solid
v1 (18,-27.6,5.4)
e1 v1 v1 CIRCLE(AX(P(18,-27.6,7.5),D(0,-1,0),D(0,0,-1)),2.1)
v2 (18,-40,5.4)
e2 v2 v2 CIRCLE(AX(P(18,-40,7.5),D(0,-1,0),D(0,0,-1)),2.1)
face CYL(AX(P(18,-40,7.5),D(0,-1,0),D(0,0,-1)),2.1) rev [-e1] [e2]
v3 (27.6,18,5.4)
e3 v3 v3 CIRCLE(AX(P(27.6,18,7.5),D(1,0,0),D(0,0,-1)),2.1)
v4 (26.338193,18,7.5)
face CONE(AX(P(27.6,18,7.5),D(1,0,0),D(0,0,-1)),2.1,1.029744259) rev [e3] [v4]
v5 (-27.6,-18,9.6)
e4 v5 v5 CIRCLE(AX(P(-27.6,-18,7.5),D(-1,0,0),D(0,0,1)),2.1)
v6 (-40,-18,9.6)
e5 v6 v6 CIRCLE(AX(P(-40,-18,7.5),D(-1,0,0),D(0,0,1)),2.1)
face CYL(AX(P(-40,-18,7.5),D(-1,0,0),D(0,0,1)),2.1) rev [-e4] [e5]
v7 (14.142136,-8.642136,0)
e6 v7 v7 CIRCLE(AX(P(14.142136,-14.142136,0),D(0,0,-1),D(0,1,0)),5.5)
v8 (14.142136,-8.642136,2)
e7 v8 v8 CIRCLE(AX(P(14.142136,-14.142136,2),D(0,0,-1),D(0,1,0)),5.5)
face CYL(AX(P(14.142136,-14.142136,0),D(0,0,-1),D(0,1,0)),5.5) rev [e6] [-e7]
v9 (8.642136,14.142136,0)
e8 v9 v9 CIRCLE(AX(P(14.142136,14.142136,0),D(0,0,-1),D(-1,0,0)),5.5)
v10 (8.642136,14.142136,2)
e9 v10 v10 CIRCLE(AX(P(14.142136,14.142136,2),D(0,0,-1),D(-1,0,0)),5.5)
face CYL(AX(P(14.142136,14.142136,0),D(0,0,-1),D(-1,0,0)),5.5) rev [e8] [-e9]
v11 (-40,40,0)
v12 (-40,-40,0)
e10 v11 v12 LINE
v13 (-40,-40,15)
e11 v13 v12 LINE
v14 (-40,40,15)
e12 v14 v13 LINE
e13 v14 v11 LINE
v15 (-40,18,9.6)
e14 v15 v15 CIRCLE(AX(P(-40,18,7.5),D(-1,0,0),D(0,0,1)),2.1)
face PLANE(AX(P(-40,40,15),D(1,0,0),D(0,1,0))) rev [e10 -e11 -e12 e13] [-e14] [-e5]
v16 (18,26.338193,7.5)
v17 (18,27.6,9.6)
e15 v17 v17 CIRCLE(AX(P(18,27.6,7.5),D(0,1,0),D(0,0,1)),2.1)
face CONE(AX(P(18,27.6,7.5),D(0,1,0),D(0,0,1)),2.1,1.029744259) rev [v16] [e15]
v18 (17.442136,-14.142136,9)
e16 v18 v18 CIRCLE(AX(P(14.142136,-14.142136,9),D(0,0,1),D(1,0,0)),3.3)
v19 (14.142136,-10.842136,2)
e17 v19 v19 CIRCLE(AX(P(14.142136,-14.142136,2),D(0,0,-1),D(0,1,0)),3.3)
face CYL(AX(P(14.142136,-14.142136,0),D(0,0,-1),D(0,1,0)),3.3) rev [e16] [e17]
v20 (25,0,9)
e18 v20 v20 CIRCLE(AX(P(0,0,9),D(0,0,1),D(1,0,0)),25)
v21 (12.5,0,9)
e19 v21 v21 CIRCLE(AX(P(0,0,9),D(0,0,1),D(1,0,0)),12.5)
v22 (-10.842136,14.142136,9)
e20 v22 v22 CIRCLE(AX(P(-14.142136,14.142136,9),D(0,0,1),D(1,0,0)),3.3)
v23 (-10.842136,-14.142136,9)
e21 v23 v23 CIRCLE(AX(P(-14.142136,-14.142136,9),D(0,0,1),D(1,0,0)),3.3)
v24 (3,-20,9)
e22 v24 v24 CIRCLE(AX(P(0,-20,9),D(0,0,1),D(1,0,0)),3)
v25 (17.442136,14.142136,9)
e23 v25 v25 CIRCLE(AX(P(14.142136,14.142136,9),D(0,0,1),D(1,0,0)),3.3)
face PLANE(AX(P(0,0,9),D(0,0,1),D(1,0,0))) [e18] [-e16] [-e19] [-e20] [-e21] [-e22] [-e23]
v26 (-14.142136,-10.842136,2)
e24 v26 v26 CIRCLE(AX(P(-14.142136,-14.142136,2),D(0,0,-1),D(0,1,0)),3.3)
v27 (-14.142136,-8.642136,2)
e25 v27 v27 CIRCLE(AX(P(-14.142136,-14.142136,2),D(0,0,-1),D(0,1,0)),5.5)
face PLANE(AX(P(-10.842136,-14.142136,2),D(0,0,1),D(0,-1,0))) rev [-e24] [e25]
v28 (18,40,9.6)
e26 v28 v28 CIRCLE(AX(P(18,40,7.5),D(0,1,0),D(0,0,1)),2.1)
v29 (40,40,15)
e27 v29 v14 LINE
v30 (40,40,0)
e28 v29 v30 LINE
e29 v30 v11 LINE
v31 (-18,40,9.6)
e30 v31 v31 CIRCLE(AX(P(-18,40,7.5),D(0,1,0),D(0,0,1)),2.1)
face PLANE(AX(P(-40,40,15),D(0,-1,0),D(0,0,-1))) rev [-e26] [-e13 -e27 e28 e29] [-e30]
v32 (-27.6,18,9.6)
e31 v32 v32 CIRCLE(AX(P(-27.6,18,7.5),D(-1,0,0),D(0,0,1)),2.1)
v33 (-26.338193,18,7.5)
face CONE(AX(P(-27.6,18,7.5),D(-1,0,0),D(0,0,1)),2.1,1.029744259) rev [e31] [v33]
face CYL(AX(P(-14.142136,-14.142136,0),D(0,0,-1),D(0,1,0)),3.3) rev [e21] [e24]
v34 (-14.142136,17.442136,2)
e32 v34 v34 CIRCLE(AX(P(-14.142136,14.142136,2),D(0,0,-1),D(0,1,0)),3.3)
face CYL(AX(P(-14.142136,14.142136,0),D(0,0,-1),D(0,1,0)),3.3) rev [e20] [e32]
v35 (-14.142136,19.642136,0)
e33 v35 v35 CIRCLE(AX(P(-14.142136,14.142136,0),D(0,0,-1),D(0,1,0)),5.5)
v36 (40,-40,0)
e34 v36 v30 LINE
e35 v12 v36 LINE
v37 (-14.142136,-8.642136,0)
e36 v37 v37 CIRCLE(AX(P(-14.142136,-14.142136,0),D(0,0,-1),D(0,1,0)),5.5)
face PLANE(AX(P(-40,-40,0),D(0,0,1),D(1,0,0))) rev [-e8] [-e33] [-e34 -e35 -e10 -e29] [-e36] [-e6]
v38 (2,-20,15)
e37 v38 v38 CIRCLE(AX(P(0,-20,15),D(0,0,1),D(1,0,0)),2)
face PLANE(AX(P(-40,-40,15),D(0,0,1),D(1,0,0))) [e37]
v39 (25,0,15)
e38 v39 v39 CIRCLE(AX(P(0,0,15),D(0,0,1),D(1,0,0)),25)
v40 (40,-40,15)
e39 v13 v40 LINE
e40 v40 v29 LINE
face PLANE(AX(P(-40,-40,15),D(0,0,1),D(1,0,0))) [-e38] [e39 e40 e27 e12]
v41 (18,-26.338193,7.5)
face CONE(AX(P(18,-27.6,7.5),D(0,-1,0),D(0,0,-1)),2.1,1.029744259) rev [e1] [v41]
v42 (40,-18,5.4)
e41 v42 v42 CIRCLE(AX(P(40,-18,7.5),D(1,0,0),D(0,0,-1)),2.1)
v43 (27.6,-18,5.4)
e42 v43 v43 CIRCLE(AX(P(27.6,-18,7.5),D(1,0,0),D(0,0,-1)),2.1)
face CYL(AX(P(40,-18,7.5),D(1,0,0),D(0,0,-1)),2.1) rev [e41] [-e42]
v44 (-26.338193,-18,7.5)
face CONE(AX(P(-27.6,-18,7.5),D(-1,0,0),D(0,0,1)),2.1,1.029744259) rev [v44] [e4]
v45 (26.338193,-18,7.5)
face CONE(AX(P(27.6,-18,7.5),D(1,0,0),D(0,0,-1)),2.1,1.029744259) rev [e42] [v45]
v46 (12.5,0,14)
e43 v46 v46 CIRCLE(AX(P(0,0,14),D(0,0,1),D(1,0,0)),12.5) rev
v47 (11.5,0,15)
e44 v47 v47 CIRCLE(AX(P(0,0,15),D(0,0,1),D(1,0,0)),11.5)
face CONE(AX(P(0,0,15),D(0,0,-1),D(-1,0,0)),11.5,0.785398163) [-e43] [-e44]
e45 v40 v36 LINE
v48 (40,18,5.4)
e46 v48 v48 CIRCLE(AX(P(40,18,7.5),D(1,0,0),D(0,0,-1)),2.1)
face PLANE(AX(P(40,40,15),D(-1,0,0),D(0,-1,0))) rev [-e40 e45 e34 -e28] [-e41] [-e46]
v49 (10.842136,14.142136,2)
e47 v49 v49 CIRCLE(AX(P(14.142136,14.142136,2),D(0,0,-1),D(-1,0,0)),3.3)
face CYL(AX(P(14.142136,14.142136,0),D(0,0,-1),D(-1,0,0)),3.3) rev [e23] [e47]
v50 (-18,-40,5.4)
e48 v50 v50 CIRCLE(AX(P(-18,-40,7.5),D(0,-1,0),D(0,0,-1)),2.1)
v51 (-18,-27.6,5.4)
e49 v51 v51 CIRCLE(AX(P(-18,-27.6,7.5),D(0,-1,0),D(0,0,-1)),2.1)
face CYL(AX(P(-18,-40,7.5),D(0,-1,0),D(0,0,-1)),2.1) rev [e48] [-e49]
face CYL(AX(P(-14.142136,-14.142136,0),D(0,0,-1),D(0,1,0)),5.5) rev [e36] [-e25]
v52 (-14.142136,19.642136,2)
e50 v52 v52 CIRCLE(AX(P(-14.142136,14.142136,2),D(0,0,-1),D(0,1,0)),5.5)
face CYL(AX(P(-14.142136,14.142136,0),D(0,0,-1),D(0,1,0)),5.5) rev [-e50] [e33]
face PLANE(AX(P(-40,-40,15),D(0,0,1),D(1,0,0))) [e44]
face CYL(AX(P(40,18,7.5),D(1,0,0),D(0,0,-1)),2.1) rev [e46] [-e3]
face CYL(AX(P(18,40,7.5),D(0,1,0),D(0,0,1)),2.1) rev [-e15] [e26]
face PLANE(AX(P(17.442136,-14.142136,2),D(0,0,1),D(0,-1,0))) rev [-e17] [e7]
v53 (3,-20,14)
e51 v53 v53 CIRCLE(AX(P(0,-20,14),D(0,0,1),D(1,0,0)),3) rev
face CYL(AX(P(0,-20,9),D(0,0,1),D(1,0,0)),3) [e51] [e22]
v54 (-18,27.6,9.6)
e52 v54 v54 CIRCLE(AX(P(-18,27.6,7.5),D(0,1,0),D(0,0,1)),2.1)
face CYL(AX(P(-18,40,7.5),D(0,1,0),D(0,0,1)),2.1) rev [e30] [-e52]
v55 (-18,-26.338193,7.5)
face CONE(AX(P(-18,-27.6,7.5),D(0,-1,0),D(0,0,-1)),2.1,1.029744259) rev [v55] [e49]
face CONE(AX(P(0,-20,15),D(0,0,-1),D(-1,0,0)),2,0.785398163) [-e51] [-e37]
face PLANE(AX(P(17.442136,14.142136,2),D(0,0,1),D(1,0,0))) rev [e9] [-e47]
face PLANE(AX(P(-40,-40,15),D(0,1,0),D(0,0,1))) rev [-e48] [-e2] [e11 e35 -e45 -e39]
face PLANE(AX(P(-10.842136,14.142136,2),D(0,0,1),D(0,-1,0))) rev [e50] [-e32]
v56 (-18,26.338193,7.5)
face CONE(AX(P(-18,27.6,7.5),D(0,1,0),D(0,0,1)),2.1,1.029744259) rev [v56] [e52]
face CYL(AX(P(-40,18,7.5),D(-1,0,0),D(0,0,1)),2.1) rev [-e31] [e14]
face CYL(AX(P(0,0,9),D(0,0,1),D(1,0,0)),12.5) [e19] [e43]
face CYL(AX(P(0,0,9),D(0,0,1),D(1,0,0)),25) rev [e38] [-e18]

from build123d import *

# Parameters (mm, degrees)
SKETCH6_W                                           = 80
SKETCH6_H                                           = 80
EXTRUDE2_DEPTH                                      = 15
SKETCH7_R                                           = 25
SKETCH7_R_2                                         = 12.5
SKETCH7_R_3                                         = 3
EXTRUDE3_DEPTH                                      = 6
CBORE_FOR_M6_HEX_SOCKET_HEAD_CAP_SCREW1_D           = 6.6
CBORE_FOR_M6_HEX_SOCKET_HEAD_CAP_SCREW1_DEPTH       = 9.001
CBORE_FOR_M6_HEX_SOCKET_HEAD_CAP_SCREW1_CBORE_D     = 11
CBORE_FOR_M6_HEX_SOCKET_HEAD_CAP_SCREW1_CBORE_DEPTH = 2
CIRPATTERN1_COUNT                                   = 4
CHAMFER1_SIZE                                       = 1
M5_TAPPED_HOLE2_AT_2_COUNT                          = 2
M5_TAPPED_HOLE2_AT_2_PITCH                          = 36


with BuildPart() as part:
    # Sketch6 → Extrude2 (new body)
    with BuildSketch(Plane.XY):
        Rectangle(SKETCH6_W, SKETCH6_H)
    extrude(amount=EXTRUDE2_DEPTH)

    # Sketch7 → Extrude3 (cut)
    with BuildSketch(Plane.XY.offset(15)):
        Circle(SKETCH7_R)
        Circle(SKETCH7_R_2, mode=Mode.SUBTRACT)
        with Locations((0, -20)):
            Circle(SKETCH7_R_3, mode=Mode.SUBTRACT)
    extrude(amount=-EXTRUDE3_DEPTH, mode=Mode.SUBTRACT)

    # CBORE for M6 Hex Socket Head Cap Screw1
    with Locations(Plane(origin=(14.142135624, 14.142135624, 0), x_dir=(-1, 0, 0), z_dir=(0, 0, -1))):
        with Locations((0, 0)):
            cbore_for_m6_hex_socket_head_cap_screw1 = CounterBoreHole(CBORE_FOR_M6_HEX_SOCKET_HEAD_CAP_SCREW1_D / 2, CBORE_FOR_M6_HEX_SOCKET_HEAD_CAP_SCREW1_CBORE_D / 2, CBORE_FOR_M6_HEX_SOCKET_HEAD_CAP_SCREW1_CBORE_DEPTH, depth=CBORE_FOR_M6_HEX_SOCKET_HEAD_CAP_SCREW1_DEPTH)

    # CirPattern1: CBORE for M6 Hex Socket Head Cap Screw1 ×4 about axis
    cirpattern1_axis = Axis((0, 0, 0), (0, 0, 1))
    for i in range(1, CIRPATTERN1_COUNT):
        add(cbore_for_m6_hex_socket_head_cap_screw1.rotate(cirpattern1_axis, i * 360 / CIRPATTERN1_COUNT), mode=Mode.SUBTRACT)

    # Chamfer1
    chamfer1_edges = [part.edges().sort_by_distance(p)[0] for p in [
        (-12.5, 0, 15),
        (-3, -20, 15),
    ]]
    chamfer(chamfer1_edges, length=CHAMFER1_SIZE)

    # Sketch11 → M5 Tapped Hole1 (revolve, cut)
    with BuildSketch(Plane(origin=(40, -18, 7.5), x_dir=(0, 0, -1), z_dir=(0, 1, 0))):
        Polygon((0, 0), (0, 13.6618073), (2.1, 12.4), (2.1, 0), align=None)
    m5_tapped_hole1 = revolve(axis=Axis((46.35, -18, 7.5), (-1, 0, 0)), mode=Mode.SUBTRACT)

    # Sketch13 → M5 Tapped Hole2 (revolve, cut)
    with BuildSketch(Plane(origin=(18, -40, 7.5), x_dir=(0, 0, -1), z_dir=(1, 0, 0))):
        Polygon((0, 0), (0, 13.6618073), (2.1, 12.4), (2.1, 0), align=None)
    m5_tapped_hole2 = revolve(axis=Axis((18, -46.35, 7.5), (0, 1, 0)), mode=Mode.SUBTRACT)

    # M5 Tapped Hole2 at 2: M5 Tapped Hole2 ×2
    with Locations(*[(-i * M5_TAPPED_HOLE2_AT_2_PITCH, 0, 0) for i in range(1, M5_TAPPED_HOLE2_AT_2_COUNT)]):
        add(m5_tapped_hole2, mode=Mode.SUBTRACT)

    # Mirror1: M5 Tapped Hole1 across plane
    add(m5_tapped_hole1.mirror(Plane(origin=(0, 0, 0), x_dir=(0, 0, 1), z_dir=(1, 0, 0))), mode=Mode.SUBTRACT)

    # Mirror2: M5 Tapped Hole2, M5 Tapped Hole1 across plane
    add(m5_tapped_hole2.mirror(Plane(origin=(0, 0, 0), x_dir=(0, 0, 1), z_dir=(0, -1, 0))), mode=Mode.SUBTRACT)
    add(m5_tapped_hole1.mirror(Plane(origin=(0, 0, 0), x_dir=(0, 0, 1), z_dir=(0, -1, 0))), mode=Mode.SUBTRACT)

    # Mirror2 copy 1 sketch → Mirror2 copy 1 (revolve, cut)
    with BuildSketch(Plane(origin=(-40, 18, 7.5), x_dir=(0, 0, -1), z_dir=(0, -1, 0))):
        Polygon((0, 0), (0, 13.6618073), (2.1, 12.4), (2.1, 0), align=None)
    revolve(axis=Axis((-46.35, 18, 7.5), (1, 0, 0)), mode=Mode.SUBTRACT)

    # Mirror2 copy 2 sketch → Mirror2 copy 2 (revolve, cut)
    with BuildSketch(Plane(origin=(-18, 40, 7.5), x_dir=(0, 0, -1), z_dir=(1, 0, 0))):
        Polygon((0, 0), (0, -13.6618073), (2.1, -12.4), (2.1, 0), align=None)
    revolve(axis=Axis((-18, 46.35, 7.5), (0, 1, 0)), mode=Mode.SUBTRACT)


solid = part.part
